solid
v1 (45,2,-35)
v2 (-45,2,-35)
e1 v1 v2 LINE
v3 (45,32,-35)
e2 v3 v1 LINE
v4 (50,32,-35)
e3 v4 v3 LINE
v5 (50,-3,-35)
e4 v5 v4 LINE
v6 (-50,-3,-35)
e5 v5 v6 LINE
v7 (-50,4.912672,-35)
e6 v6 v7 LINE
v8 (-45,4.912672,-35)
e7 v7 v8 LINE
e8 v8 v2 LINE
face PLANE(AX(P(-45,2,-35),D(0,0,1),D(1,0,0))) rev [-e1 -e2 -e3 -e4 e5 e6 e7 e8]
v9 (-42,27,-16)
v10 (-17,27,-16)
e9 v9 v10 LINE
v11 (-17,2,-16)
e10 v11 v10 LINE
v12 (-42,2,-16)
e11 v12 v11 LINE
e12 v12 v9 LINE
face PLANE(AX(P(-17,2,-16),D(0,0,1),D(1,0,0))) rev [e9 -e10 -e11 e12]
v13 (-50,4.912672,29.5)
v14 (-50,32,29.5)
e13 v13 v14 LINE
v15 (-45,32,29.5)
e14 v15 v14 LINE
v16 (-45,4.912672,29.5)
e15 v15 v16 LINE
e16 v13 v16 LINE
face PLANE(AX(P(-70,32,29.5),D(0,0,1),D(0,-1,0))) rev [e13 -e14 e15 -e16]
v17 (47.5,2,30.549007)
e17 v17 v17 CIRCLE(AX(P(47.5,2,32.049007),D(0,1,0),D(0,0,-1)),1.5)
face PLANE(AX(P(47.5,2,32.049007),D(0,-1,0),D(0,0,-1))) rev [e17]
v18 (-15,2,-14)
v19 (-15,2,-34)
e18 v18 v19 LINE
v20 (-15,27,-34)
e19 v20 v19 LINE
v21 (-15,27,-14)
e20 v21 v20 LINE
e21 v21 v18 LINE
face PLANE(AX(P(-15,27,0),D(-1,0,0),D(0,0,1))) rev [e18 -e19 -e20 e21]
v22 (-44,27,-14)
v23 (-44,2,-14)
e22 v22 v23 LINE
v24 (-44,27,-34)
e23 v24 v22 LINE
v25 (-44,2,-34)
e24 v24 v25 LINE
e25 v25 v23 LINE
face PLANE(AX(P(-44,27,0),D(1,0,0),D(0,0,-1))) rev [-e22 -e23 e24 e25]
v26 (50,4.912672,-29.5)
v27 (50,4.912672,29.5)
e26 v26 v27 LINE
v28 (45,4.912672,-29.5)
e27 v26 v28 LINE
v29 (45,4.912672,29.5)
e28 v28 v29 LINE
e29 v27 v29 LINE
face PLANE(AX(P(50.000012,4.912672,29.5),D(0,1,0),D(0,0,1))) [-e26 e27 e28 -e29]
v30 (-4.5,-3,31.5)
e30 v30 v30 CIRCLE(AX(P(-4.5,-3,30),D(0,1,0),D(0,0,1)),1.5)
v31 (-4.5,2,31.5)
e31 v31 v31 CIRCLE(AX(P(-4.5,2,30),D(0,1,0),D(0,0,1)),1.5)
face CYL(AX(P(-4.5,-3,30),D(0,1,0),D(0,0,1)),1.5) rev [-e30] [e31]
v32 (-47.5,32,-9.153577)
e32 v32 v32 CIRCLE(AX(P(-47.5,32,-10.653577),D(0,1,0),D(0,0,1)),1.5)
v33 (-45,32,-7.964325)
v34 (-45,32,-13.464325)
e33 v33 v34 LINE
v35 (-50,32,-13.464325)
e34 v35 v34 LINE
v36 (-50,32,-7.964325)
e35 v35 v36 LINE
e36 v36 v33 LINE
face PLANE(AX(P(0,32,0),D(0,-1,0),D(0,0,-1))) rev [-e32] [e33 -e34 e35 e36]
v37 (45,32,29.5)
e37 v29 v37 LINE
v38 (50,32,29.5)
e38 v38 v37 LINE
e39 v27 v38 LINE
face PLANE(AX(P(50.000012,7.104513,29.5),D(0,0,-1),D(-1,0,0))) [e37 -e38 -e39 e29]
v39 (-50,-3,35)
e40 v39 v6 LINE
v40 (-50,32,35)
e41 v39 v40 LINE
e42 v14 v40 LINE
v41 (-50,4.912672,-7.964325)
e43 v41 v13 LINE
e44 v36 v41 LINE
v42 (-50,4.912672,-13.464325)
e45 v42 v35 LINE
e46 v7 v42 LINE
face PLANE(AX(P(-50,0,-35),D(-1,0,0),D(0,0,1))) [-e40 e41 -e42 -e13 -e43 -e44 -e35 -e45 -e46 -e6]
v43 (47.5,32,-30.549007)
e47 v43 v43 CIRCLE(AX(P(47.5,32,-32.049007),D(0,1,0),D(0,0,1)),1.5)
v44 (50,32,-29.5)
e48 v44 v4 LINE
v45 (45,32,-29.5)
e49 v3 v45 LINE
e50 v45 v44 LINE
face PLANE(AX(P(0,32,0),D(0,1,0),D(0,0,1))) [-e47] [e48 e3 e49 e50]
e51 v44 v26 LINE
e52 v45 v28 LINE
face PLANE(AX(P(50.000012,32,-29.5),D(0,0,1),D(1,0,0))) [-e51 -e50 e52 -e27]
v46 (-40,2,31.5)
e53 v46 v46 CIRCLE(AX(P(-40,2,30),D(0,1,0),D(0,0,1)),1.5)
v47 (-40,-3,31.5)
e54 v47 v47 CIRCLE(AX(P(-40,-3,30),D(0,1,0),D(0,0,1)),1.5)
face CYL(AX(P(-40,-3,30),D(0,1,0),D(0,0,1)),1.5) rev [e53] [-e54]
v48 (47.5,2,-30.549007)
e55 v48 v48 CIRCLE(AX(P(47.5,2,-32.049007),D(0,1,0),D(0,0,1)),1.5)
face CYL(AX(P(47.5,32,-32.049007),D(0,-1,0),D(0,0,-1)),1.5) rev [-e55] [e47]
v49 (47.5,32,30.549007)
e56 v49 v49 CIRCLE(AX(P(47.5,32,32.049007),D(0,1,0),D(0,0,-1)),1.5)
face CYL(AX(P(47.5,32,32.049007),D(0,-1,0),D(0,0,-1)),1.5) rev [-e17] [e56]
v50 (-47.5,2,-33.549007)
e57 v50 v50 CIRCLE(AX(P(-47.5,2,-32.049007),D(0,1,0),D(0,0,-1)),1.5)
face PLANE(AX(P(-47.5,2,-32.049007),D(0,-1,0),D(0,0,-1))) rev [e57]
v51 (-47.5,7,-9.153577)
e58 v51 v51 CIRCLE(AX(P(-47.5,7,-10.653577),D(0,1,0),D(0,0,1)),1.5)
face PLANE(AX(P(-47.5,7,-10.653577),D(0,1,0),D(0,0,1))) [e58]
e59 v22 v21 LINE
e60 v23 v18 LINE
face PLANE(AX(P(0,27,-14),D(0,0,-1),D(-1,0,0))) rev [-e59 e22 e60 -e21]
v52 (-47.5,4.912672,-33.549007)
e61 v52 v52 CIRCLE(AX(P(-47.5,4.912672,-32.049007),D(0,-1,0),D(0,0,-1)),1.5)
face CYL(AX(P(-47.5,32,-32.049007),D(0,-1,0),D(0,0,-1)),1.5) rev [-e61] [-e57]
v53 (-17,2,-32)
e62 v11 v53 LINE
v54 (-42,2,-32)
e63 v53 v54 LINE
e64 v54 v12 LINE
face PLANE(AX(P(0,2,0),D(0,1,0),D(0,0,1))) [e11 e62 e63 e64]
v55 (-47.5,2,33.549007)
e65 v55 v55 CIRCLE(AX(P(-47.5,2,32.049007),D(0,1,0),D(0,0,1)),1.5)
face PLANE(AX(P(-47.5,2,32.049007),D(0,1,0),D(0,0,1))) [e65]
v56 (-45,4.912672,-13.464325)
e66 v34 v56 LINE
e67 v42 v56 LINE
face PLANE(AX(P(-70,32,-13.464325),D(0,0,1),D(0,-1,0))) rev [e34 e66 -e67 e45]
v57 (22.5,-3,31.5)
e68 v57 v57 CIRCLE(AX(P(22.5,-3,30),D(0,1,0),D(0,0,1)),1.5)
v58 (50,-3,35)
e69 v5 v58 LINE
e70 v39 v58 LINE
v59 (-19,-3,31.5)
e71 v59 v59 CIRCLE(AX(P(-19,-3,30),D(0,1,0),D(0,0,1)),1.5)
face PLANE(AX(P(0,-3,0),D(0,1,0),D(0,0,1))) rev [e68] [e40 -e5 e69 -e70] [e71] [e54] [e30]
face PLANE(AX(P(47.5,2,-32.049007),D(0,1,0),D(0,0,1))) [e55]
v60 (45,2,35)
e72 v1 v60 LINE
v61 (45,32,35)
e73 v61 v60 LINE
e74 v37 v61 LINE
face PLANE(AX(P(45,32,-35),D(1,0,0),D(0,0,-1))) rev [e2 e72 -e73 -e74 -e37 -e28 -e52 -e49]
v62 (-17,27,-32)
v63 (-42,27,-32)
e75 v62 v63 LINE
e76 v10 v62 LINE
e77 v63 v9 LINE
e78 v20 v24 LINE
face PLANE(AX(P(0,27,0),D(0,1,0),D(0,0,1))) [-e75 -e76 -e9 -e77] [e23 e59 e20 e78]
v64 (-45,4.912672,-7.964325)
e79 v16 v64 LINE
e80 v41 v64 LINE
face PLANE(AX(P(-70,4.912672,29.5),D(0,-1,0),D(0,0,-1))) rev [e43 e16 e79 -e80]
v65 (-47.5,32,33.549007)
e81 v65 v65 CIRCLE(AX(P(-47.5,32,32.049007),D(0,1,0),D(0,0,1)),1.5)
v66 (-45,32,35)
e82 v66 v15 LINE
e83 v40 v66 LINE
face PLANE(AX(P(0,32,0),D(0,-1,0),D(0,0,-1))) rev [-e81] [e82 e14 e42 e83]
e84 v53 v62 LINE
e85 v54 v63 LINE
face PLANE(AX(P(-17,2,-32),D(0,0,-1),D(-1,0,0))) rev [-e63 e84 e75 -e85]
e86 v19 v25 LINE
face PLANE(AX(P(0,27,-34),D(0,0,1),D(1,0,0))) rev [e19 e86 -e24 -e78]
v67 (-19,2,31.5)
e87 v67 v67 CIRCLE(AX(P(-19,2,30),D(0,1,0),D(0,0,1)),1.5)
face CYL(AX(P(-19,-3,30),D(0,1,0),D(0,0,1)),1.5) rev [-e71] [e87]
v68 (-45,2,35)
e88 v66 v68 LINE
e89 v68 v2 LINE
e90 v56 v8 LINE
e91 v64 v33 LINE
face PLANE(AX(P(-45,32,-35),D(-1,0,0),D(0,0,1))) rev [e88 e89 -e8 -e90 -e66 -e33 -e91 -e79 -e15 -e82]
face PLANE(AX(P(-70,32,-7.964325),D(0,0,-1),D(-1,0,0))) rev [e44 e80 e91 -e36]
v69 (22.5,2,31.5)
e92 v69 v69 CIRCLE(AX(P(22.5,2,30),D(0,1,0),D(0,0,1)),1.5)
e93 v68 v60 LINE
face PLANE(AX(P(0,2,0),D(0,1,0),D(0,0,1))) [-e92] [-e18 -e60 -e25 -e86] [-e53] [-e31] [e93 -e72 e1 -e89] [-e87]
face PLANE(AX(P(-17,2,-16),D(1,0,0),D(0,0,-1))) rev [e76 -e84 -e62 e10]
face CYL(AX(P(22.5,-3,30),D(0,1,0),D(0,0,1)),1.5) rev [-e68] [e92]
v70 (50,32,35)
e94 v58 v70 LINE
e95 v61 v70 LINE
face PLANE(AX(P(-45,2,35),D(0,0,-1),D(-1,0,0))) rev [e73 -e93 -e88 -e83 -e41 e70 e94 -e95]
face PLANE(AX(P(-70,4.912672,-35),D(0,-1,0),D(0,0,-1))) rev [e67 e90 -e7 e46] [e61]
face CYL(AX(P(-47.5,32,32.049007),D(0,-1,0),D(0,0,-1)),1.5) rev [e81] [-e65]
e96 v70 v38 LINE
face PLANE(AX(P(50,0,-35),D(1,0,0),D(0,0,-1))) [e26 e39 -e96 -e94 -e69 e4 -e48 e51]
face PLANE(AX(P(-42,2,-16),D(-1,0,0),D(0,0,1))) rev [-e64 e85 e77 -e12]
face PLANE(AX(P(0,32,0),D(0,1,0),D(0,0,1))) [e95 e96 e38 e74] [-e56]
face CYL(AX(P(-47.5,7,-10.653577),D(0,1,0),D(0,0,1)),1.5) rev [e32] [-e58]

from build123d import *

# Parameters (mm, degrees)
SKETCH1_W               = 90
SKETCH1_H               = 70
BOSS_EXTRUDE1_DEPTH     = 2
SKETCH2_W               = 90
SKETCH2_H               = 70
BOSS_EXTRUDE2_DEPTH     = 5
CUT_EXTRUDE2_START      = -2
SKETCH3_R               = 1.5
CUT_EXTRUDE2_DEPTH      = 5
SKETCH9_W               = 5
SKETCH9_H               = 70
BOSS_EXTRUDE6_DEPTH     = 2
SKETCH9_2_W             = 5
SKETCH9_2_H             = 70
BOSS_EXTRUDE7_DEPTH     = 30
SKETCH11_R              = 1.5
CUT_EXTRUDE6_DEPTH      = 69.007352544
CUT_EXTRUDE7_DEPTH      = 111.675200474
CUT_EXTRUDE7_DEPTH_BACK = 10
BOSS_EXTRUDE8_START     = -2
SKETCH12_W              = 29
SKETCH12_H              = 20
BOSS_EXTRUDE8_DEPTH     = 25
SKETCH13_W              = 25
SKETCH13_H              = 16
CUT_EXTRUDE8_DEPTH      = 25
SKETCH14_W              = 21.535675489
SKETCH14_H              = 27.087328124
SKETCH14_W_2            = 37.464324511
CUT_EXTRUDE9_DEPTH      = 25
SKETCH15_R              = 1.5
CUT_EXTRUDE10_DEPTH     = 25
BOSS_EXTRUDE9_START     = -3
SKETCH16_W              = 5
SKETCH16_H              = 70
BOSS_EXTRUDE9_DEPTH     = 3


with BuildPart() as part:
    # Sketch1 → Boss-Extrude1 (new body)
    with BuildSketch(Plane(origin=(0, 0, 0), x_dir=(1, 0, 0), z_dir=(0, 1, 0))):
        Rectangle(SKETCH1_W, SKETCH1_H)
    extrude(amount=BOSS_EXTRUDE1_DEPTH)

    # Sketch2 → Boss-Extrude2 (add)
    with BuildSketch(Plane(origin=(0, 2, 0), x_dir=(1, 0, 0), z_dir=(0, 1, 0))):
        Rectangle(SKETCH2_W, SKETCH2_H)
    extrude(amount=-BOSS_EXTRUDE2_DEPTH)

    # Sketch3 → Cut-Extrude2 (cut)
    with BuildSketch(Plane.XZ.offset(CUT_EXTRUDE2_START)):
        with Locations(Location((-40, 30, 0), (0, 0, 90))):
            Circle(SKETCH3_R)
        with Locations(Location((-19, 30, 0), (0, 0, 90))):
            Circle(SKETCH3_R)
        with Locations(Location((-4.5, 30, 0), (0, 0, 90))):
            Circle(SKETCH3_R)
        with Locations(Location((22.5, 30, 0), (0, 0, 90))):
            Circle(SKETCH3_R)
    extrude(amount=CUT_EXTRUDE2_DEPTH, mode=Mode.SUBTRACT)

    # Sketch9 → Boss-Extrude6 (add)
    with BuildSketch(Plane(origin=(0, 2, 0), x_dir=(1, 0, 0), z_dir=(0, 1, 0))):
        with Locations((-47.5, 0)):
            Rectangle(SKETCH9_W, SKETCH9_H)
        with Locations((47.5, 0)):
            Rectangle(SKETCH9_W, SKETCH9_H)
    extrude(amount=-BOSS_EXTRUDE6_DEPTH)

    # Sketch9<2> → Boss-Extrude7 (add)
    with BuildSketch(Plane(origin=(0, 2, 0), x_dir=(1, 0, 0), z_dir=(0, 1, 0))):
        with Locations((-47.5, 0)):
            Rectangle(SKETCH9_2_W, SKETCH9_2_H)
        with Locations((47.5, 0)):
            Rectangle(SKETCH9_2_W, SKETCH9_2_H)
    extrude(amount=BOSS_EXTRUDE7_DEPTH)

    # Sketch11 → Cut-Extrude6 (cut, through all)
    with BuildSketch(Plane(origin=(0, 2, 0), x_dir=(1, 0, 0), z_dir=(0, 1, 0))):
        with Locations(Location((-47.5, -32.049006617, 0), (0, 0, 270))):
            Circle(SKETCH11_R)
        with Locations(Location((-47.5, 32.049006617, 0), (0, 0, 90))):
            Circle(SKETCH11_R)
        with Locations(Location((47.5, 32.049006617, 0), (0, 0, 270))):
            Circle(SKETCH11_R)
        with Locations(Location((47.5, -32.049006617, 0), (0, 0, 90))):
            Circle(SKETCH11_R)
    extrude(amount=CUT_EXTRUDE6_DEPTH, mode=Mode.SUBTRACT)

    # Sketch10 → Cut-Extrude7 (cut, two sides: drawn at the far end of the back side and taken through both)
    with BuildSketch(Plane(origin=(50, 0, 0), x_dir=(0, 0, -1), z_dir=(1, 0, 0)).offset(-CUT_EXTRUDE7_DEPTH_BACK)):
        Polygon((-29.5, 26.895487084), (-29.5, 7.104512916), (-29.5, 4.912671876), (29.5, 4.912671876), (29.5, 29.087328124), (29.5, 32), (-29.5, 32), (-29.5, 29.087328124), align=None)
    extrude(amount=CUT_EXTRUDE7_DEPTH + CUT_EXTRUDE7_DEPTH_BACK, mode=Mode.SUBTRACT)

    # Sketch12 → Boss-Extrude8 (add)
    with BuildSketch(Plane.XZ.offset(BOSS_EXTRUDE8_START)):
        with Locations((-29.5, -24)):
            Rectangle(SKETCH12_W, SKETCH12_H)
    extrude(amount=-BOSS_EXTRUDE8_DEPTH)

    # Sketch13 → Cut-Extrude8 (cut)
    with BuildSketch(Plane(origin=(0, 27, 0), x_dir=(-1, 0, 0), z_dir=(0, 1, 0))):
        with Locations((29.5, -24)):
            Rectangle(SKETCH13_W, SKETCH13_H)
    extrude(amount=-CUT_EXTRUDE8_DEPTH, mode=Mode.SUBTRACT)

    # Sketch14 → Cut-Extrude9 (cut)
    with BuildSketch(Plane(origin=(-45, 0, 0), x_dir=(0, 0, -1), z_dir=(1, 0, 0))):
        with Locations((24.232162256, 18.456335938)):
            Rectangle(SKETCH14_W, SKETCH14_H)
        with Locations((-10.767837745, 18.456335938)):
            Rectangle(SKETCH14_W_2, SKETCH14_H)
    extrude(amount=-CUT_EXTRUDE9_DEPTH, mode=Mode.SUBTRACT)

    # Sketch15 → Cut-Extrude10 (cut)
    with BuildSketch(Plane(origin=(0, 32, 0), x_dir=(1, 0, 0), z_dir=(0, 1, 0))):
        with Locations(Location((-47.5, 10.653576943, 0), (0, 0, 270))):
            Circle(SKETCH15_R)
    extrude(amount=-CUT_EXTRUDE10_DEPTH, mode=Mode.SUBTRACT)

    # Sketch16 → Boss-Extrude9 (add)
    with BuildSketch(Plane.XZ.offset(3).offset(BOSS_EXTRUDE9_START)):
        with Locations((-47.5, 0)):
            Rectangle(SKETCH16_W, SKETCH16_H)
        with Locations((47.5, 0)):
            Rectangle(SKETCH16_W, SKETCH16_H)
    extrude(amount=BOSS_EXTRUDE9_DEPTH)


solid = part.part
